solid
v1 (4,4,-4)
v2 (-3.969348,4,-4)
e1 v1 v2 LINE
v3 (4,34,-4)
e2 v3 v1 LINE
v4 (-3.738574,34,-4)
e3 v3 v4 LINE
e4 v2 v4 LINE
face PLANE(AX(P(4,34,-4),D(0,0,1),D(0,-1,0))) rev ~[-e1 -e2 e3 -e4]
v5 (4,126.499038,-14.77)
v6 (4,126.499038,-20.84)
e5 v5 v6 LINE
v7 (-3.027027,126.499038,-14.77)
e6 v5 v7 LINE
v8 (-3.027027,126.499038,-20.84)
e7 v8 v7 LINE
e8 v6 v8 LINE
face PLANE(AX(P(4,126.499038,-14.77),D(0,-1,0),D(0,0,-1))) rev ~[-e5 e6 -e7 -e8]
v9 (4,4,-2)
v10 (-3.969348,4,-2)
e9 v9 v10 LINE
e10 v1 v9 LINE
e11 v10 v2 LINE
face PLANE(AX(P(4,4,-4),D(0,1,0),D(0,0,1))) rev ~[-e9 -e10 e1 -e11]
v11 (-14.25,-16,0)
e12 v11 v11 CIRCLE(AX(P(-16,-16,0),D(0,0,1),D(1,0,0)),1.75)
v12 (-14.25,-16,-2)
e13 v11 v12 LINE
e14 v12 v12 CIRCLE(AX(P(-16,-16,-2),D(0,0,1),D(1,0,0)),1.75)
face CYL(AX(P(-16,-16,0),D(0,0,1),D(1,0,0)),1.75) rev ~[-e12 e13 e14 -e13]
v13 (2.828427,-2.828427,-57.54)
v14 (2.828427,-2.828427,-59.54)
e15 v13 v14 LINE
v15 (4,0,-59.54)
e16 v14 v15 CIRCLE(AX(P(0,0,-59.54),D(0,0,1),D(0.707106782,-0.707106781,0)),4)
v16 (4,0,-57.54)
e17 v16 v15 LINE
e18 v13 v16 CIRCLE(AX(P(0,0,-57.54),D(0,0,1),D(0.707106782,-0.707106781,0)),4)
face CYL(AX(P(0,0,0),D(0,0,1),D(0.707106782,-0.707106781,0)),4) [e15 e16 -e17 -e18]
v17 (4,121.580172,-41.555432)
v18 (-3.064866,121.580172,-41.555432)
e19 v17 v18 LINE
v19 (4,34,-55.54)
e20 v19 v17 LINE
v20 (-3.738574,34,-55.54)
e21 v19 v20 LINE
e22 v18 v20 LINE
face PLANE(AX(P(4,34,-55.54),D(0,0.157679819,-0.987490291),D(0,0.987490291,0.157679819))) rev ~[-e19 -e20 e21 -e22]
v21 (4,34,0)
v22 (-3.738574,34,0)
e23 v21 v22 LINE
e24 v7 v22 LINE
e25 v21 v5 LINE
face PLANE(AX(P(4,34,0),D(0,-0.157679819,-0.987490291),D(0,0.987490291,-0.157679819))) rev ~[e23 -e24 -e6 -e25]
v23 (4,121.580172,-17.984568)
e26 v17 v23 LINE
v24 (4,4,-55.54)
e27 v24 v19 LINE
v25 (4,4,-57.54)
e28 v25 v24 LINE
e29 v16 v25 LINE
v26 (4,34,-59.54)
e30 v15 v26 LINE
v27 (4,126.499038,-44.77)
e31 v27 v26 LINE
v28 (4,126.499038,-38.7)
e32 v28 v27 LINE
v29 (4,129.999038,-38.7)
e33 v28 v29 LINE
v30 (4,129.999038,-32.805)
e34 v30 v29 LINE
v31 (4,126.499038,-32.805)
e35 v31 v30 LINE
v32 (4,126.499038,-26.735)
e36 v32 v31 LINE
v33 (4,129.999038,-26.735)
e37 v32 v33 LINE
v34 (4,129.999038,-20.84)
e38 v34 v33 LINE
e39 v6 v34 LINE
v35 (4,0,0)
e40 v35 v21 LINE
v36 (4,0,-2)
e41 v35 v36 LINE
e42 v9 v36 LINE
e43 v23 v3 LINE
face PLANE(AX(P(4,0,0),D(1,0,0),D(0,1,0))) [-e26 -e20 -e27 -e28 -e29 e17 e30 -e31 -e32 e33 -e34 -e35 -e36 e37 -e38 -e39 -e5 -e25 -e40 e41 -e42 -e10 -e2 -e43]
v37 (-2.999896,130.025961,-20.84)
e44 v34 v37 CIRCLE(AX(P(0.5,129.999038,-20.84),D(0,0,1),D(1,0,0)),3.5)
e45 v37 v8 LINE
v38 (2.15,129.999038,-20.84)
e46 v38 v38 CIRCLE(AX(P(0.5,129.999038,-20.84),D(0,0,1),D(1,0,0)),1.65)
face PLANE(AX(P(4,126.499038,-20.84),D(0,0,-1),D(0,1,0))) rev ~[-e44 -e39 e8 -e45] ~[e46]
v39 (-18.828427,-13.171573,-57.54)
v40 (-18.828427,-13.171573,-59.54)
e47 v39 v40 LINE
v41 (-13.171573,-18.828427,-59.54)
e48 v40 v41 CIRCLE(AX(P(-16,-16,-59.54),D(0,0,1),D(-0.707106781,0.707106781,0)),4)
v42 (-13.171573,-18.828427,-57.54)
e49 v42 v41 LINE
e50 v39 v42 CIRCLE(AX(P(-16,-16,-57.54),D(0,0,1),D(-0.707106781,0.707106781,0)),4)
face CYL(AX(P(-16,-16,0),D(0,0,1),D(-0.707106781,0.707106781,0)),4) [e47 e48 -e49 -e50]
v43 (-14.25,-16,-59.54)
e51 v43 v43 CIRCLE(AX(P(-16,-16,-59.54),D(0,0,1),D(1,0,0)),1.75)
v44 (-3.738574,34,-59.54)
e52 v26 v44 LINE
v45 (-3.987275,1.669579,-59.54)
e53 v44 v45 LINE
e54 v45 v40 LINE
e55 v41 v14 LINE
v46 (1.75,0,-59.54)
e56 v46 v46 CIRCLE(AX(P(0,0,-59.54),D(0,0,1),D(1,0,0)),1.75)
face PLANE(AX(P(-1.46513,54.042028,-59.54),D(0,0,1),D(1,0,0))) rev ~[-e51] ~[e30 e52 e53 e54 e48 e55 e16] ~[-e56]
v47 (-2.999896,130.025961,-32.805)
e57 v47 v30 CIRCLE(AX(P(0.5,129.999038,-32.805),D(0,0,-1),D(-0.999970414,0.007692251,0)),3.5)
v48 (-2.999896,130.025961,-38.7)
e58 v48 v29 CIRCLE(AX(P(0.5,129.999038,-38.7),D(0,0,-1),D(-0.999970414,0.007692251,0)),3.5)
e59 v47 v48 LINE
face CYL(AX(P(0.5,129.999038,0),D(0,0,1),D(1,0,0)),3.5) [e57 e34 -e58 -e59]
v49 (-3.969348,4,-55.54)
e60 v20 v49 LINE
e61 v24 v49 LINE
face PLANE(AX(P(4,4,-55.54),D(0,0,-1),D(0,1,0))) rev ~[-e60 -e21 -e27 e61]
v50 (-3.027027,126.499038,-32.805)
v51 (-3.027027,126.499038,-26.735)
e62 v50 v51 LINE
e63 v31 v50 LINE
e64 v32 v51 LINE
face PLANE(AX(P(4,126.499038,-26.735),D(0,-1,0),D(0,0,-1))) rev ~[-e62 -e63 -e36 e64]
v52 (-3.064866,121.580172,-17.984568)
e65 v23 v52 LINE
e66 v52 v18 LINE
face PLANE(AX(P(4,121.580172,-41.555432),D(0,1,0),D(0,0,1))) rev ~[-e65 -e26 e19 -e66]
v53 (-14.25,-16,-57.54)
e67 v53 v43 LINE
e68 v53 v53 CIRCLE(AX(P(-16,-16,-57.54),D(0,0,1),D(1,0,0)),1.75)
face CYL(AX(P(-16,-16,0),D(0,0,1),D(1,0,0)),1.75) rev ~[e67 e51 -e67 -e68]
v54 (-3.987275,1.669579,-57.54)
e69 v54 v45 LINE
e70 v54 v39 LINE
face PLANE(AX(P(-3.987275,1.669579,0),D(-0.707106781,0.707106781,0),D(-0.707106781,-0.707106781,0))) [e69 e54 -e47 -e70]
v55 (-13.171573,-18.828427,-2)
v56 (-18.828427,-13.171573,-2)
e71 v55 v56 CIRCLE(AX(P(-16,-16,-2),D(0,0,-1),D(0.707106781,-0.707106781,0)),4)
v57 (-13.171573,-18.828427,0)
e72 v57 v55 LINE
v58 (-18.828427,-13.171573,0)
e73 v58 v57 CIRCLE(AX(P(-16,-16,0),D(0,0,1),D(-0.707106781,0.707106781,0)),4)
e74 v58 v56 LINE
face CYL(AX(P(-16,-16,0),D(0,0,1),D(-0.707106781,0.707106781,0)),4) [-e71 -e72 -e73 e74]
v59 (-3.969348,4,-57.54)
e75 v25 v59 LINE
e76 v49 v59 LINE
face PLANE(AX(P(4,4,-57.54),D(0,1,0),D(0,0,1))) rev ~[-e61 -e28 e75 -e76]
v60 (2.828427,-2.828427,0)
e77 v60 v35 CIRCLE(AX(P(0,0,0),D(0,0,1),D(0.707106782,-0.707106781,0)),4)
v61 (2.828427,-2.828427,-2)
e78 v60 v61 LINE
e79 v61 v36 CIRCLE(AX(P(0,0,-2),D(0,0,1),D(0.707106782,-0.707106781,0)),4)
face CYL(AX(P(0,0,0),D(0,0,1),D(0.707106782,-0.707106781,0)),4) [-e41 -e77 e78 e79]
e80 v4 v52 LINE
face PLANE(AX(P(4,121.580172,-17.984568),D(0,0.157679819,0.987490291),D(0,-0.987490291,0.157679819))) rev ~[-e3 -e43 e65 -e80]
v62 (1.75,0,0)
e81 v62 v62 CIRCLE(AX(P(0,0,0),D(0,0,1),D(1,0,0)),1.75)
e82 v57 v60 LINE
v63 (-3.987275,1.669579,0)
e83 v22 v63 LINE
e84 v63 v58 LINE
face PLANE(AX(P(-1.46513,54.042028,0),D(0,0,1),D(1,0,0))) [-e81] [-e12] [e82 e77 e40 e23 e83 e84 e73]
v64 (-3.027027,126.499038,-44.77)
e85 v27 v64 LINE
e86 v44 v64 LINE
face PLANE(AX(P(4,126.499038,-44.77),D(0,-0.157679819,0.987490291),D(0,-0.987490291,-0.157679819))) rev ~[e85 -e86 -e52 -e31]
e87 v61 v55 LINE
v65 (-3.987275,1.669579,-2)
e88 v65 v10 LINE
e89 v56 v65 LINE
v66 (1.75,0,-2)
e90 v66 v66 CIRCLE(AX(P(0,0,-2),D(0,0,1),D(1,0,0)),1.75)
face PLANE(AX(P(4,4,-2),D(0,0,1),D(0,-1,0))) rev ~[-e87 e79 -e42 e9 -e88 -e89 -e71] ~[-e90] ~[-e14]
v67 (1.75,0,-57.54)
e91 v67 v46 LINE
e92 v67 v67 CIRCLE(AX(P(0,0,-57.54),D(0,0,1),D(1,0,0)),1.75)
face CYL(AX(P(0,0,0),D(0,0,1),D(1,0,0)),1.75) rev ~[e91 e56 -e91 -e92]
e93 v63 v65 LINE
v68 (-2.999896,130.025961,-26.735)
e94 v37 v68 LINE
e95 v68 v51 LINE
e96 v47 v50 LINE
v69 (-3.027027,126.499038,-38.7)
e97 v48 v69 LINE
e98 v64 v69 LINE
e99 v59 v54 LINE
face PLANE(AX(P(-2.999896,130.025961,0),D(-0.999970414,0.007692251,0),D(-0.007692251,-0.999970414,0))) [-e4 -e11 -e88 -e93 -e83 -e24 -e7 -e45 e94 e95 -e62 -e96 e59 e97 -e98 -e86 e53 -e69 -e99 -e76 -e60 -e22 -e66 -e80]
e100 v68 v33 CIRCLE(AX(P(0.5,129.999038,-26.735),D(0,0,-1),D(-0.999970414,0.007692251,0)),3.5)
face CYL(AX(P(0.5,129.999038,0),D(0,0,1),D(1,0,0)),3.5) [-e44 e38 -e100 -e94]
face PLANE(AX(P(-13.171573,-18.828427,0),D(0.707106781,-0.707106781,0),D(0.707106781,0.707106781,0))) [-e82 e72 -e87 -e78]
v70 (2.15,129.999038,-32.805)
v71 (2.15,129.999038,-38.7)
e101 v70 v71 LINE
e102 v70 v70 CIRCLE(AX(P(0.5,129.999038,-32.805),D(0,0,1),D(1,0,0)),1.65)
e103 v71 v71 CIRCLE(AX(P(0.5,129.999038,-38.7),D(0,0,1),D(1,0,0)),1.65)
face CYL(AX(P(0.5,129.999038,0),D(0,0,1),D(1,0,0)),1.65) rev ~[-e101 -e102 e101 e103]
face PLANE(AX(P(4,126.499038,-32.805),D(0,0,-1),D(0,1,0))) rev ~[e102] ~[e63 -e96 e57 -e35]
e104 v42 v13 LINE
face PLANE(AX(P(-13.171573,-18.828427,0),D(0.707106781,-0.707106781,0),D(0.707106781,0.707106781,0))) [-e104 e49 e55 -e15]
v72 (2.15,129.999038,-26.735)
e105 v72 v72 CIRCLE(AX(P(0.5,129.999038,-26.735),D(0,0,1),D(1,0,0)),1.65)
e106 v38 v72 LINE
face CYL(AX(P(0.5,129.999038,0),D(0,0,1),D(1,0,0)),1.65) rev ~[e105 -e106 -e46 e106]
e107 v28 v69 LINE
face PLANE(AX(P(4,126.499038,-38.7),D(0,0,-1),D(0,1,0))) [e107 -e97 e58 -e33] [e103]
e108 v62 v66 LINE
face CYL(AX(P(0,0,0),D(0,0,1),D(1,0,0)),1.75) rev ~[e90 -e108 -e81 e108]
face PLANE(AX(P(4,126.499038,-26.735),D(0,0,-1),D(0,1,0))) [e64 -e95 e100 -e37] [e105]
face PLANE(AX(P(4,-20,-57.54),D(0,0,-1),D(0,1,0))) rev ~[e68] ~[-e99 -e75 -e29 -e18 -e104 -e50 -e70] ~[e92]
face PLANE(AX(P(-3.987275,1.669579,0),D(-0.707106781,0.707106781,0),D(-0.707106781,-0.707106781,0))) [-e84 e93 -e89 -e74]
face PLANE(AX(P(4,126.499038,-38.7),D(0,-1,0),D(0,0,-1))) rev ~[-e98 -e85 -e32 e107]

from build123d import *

# Parameters (mm, degrees)
CROQUIS1_R              = 1.75
CROQUIS1_R_2            = 1.65
SALIENTE_EXTRUIR1_DEPTH = 59.54
CROQUIS2_W              = 3.035
CROQUIS2_H              = 7
CROQUIS2_W_2            = 6.07
CORTAR_EXTRUIR1_DEPTH   = 149.131714596


with BuildPart() as part:
    # Croquis1 → Saliente-Extruir1 (new body)
    with BuildSketch(Plane.XY):
        with BuildLine():
            Line((-13.171572875, -18.828427125), (2.828427125, -2.828427125))
            ThreePointArc((2.828427125, -2.828427125), (3.69551813, -1.530733729), (4, 0))
            Line((4, 0), (4, 129.999038458))
            ThreePointArc((4, 129.999038458), (0.513461538, 133.49901257), (-2.99989645, 130.025961336))
            Line((-2.99989645, 130.025961336), (-3.987275146, 1.669579104))
            Line((-3.987275146, 1.669579104), (-18.828427125, -13.171572875))
            ThreePointArc((-18.828427125, -13.171572875), (-18.828427125, -18.828427125), (-13.171572875, -18.828427125))
        make_face()
        Circle(CROQUIS1_R, mode=Mode.SUBTRACT)
        with Locations((-16, -16)):
            Circle(CROQUIS1_R, mode=Mode.SUBTRACT)
        with Locations((0.5, 129.999038458)):
            Circle(CROQUIS1_R_2, mode=Mode.SUBTRACT)
    extrude(amount=-SALIENTE_EXTRUIR1_DEPTH)

    # Croquis2 → Cortar-Extruir1 (cut, through all)
    with BuildSketch(Plane(origin=(4, 0, 0), x_dir=(0, 0, -1), z_dir=(1, 0, 0))):
        Polygon((2, 4), (2, -20), (57.54, -20), (57.54, 4), (55.54, 4), (4, 4), align=None)
        with Locations((28.2525, 129.999038458)):
            Rectangle(CROQUIS2_W, CROQUIS2_H)
        with Locations((31.2875, 129.999038458)):
            Rectangle(CROQUIS2_W, CROQUIS2_H)
        Polygon((4, 34), (4, 4), (55.54, 4), (55.54, 34), (29.77, 34), align=None)
        Polygon((17.984568448, 121.580171608), (4, 34), (29.77, 34), (29.77, 121.580171608), align=None)
        Polygon((29.77, 34), (55.54, 34), (41.555431552, 121.580171608), (29.77, 121.580171608), align=None)
        Polygon((14.77, 126.499038458), (14.77, 133.499038458), (0, 133.499038458), (0, 34), align=None)
        with Locations((17.805, 129.999038458)):
            Rectangle(CROQUIS2_W_2, CROQUIS2_H)
        Polygon((44.77, 126.499038458), (59.54, 34), (59.54, 133.499038458), (44.77, 133.499038458), align=None)
        with Locations((41.735, 129.999038458)):
            Rectangle(CROQUIS2_W_2, CROQUIS2_H)
    extrude(amount=-CORTAR_EXTRUIR1_DEPTH, mode=Mode.SUBTRACT)


solid = part.part
